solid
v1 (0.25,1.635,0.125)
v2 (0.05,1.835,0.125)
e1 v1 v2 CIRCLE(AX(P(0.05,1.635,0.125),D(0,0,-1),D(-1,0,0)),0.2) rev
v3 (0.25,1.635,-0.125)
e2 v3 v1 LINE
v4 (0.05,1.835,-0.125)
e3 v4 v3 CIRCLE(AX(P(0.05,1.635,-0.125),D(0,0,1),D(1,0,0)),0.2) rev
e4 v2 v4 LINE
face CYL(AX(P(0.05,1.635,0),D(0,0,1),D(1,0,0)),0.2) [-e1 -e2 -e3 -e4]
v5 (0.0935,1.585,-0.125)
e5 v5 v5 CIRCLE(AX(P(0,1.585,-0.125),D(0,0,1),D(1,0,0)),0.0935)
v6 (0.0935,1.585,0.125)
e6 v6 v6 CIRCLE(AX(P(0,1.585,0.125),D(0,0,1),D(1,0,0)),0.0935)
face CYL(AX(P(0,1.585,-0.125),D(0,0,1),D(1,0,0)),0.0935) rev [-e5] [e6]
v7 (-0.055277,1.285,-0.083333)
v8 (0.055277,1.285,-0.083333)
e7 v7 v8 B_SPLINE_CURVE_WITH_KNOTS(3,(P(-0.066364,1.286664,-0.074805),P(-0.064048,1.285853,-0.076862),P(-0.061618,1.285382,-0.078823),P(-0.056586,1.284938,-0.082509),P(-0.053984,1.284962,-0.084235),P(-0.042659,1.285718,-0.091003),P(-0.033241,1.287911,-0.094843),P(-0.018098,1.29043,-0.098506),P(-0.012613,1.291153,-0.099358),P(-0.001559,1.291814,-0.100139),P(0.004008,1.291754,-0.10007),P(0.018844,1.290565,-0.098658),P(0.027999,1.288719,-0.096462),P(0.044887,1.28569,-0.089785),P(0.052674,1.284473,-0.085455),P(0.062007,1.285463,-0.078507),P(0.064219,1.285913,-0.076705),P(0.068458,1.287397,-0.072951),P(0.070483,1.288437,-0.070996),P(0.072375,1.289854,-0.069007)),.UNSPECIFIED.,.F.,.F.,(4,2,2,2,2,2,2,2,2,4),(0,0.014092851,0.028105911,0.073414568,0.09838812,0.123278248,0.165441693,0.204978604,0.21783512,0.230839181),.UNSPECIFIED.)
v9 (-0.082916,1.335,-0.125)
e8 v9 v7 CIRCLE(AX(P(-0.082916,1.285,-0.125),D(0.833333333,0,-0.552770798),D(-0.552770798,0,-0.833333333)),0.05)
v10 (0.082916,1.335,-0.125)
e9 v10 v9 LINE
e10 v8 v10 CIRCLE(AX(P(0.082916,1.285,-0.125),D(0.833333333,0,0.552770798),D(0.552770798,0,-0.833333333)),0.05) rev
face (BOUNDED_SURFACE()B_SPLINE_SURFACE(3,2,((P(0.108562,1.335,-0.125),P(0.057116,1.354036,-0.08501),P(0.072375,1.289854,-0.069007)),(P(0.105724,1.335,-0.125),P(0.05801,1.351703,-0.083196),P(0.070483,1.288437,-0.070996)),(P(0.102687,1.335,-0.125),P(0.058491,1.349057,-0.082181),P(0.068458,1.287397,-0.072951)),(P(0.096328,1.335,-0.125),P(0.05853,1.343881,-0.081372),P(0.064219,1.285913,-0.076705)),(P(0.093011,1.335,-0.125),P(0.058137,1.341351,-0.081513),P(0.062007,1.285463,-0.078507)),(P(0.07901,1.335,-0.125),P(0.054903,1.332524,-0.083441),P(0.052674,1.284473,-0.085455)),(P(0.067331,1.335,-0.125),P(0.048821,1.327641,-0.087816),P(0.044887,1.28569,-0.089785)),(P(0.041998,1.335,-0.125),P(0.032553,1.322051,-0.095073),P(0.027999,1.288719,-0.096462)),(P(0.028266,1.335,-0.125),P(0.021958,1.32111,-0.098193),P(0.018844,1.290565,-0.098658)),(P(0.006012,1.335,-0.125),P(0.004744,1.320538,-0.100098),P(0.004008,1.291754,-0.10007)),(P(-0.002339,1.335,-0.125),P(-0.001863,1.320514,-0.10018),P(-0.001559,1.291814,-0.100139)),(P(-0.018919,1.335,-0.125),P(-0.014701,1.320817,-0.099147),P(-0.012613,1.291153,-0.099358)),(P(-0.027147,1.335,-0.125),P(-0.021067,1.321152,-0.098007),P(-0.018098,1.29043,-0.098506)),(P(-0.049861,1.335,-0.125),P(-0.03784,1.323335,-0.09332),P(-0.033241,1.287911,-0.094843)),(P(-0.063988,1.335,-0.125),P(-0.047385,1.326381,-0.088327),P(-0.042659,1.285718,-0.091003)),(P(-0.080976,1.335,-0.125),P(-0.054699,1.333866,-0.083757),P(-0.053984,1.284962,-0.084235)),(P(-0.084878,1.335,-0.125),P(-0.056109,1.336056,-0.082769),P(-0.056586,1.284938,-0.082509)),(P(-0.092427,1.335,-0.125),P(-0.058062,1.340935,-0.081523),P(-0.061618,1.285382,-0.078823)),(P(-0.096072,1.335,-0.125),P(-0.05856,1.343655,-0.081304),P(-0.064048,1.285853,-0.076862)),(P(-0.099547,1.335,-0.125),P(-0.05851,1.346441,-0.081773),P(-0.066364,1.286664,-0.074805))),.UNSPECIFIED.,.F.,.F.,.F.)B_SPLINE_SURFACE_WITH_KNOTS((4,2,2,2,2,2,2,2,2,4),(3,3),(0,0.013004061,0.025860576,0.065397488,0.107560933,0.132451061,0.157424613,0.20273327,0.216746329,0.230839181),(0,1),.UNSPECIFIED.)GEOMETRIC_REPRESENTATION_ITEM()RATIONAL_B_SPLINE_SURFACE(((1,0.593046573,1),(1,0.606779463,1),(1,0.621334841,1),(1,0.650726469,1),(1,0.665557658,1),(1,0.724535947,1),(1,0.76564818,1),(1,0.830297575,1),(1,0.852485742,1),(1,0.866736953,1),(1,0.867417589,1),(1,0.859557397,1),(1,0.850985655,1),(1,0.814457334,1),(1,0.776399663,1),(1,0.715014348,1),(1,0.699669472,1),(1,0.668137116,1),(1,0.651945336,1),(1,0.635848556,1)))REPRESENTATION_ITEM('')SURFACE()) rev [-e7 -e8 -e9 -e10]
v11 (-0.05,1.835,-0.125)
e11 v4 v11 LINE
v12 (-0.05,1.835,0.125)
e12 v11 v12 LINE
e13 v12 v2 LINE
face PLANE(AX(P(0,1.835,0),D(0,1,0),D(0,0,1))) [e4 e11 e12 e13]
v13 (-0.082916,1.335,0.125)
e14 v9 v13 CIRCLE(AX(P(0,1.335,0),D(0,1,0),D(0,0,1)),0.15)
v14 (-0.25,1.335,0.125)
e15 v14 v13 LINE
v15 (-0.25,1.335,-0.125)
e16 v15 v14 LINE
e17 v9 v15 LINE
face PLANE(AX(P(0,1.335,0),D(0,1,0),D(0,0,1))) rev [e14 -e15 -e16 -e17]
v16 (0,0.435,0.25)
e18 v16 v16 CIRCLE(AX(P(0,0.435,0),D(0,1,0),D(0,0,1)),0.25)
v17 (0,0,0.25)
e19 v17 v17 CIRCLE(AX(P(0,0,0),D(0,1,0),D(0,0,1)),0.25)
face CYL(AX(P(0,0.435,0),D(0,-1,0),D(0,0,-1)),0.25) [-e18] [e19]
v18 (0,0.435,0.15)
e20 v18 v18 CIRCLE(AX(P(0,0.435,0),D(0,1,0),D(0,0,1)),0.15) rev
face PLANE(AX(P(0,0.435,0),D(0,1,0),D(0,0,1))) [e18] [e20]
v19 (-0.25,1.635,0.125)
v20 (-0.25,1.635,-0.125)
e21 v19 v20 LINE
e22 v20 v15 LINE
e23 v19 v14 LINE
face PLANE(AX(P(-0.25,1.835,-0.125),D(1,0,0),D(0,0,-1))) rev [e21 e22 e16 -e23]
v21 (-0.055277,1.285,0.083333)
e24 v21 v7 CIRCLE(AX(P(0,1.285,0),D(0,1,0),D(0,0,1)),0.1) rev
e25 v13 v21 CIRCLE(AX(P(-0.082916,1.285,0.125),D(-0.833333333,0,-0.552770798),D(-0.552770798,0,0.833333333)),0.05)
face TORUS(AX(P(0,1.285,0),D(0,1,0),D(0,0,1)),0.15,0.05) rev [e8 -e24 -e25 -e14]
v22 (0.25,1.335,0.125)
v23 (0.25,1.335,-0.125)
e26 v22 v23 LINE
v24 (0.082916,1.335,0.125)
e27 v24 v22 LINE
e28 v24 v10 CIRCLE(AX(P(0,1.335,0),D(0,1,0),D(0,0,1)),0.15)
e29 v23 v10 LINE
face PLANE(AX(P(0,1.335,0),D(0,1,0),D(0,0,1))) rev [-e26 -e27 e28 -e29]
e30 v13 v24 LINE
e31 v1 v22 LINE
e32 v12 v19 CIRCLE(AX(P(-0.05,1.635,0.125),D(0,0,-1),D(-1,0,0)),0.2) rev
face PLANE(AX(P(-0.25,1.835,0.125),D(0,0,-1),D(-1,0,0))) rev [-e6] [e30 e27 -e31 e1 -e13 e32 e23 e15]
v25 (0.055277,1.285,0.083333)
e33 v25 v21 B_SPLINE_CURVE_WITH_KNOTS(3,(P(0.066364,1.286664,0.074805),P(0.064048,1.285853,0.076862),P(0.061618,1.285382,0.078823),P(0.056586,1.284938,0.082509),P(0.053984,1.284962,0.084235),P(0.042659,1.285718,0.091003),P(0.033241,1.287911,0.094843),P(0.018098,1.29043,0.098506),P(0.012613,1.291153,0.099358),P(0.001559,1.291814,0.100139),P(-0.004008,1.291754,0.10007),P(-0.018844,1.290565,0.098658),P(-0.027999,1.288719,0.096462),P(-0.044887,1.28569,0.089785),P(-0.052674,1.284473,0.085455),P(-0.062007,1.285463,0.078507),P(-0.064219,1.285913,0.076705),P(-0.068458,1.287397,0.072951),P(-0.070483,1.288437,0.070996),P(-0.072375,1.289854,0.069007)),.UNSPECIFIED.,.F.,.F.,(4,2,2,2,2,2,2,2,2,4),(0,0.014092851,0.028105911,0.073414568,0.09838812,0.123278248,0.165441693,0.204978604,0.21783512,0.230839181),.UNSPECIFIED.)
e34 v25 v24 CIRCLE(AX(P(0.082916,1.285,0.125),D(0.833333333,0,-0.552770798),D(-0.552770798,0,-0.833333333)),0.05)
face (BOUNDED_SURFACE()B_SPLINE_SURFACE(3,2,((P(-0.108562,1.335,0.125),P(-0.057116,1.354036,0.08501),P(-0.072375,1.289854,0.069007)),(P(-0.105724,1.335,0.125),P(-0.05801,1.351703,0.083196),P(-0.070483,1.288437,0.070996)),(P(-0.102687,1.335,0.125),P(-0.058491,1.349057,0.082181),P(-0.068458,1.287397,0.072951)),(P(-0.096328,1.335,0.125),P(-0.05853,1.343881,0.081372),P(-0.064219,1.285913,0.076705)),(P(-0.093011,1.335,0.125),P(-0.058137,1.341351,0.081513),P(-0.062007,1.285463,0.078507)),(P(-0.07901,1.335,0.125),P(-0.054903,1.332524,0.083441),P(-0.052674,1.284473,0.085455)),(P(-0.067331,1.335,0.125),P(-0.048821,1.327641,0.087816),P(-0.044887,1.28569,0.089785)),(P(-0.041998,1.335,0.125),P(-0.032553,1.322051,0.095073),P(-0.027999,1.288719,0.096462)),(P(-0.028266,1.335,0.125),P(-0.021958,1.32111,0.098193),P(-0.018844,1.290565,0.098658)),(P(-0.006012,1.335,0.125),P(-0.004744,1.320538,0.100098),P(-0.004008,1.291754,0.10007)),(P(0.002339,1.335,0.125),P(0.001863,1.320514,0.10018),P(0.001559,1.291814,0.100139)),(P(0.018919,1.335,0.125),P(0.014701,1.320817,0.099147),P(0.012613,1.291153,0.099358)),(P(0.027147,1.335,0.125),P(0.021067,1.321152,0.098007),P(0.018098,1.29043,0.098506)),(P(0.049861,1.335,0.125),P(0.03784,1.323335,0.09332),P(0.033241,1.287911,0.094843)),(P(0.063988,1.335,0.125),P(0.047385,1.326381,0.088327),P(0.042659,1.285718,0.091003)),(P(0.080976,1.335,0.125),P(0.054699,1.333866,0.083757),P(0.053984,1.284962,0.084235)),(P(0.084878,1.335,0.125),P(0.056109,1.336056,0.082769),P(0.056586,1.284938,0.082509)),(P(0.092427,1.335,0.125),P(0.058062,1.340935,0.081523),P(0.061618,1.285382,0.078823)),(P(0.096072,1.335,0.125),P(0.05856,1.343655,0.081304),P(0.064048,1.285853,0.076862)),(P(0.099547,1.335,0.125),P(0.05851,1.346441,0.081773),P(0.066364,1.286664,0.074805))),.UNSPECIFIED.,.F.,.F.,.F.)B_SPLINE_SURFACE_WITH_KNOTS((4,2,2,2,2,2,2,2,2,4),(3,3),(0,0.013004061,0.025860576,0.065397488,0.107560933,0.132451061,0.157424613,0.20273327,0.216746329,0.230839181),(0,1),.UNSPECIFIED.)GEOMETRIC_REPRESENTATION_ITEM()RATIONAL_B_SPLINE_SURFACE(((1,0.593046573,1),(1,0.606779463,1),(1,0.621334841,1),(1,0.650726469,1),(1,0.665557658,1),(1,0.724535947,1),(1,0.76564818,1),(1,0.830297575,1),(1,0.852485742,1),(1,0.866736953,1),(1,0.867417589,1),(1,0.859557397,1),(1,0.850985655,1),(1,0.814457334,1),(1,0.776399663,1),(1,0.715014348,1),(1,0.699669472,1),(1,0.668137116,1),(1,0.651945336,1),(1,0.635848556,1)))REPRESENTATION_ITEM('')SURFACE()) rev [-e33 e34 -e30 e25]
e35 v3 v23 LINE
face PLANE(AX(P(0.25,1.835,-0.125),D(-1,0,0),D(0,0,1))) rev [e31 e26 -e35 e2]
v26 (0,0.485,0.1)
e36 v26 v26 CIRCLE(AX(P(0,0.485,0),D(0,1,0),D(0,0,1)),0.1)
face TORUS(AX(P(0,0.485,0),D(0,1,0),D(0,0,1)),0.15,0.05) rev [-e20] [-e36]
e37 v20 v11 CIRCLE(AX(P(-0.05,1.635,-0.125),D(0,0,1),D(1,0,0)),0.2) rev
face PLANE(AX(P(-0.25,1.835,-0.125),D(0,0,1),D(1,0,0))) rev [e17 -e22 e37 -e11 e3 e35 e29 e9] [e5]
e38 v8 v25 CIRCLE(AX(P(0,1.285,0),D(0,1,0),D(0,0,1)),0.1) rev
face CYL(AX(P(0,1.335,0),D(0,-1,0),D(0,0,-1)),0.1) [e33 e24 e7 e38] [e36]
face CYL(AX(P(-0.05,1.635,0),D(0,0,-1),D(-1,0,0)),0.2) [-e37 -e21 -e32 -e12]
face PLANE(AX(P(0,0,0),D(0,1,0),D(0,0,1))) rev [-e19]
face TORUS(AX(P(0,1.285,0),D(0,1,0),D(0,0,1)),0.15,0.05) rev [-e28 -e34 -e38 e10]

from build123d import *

# Parameters (mm, degrees)
SKETCH1_R           = 0.25
BOSS_EXTRUDE1_DEPTH = 0.435
SKETCH2_R           = 0.1
BOSS_EXTRUDE2_DEPTH = 0.9
SKETCH3_W           = 0.5
SKETCH3_H           = 0.25
BOSS_EXTRUDE3_DEPTH = 0.5
FILLET1_R           = 0.2
FILLET2_R           = 0.2
SKETCH5_R           = 0.0935
CUT_EXTRUDE1_DEPTH  = 0.25
FILLET3_R           = 0.05
FILLET4_R           = 0.05


with BuildPart() as part:
    # Sketch1 → Boss-Extrude1 (new body)
    with BuildSketch(Plane(origin=(0, 0, 0), x_dir=(1, 0, 0), z_dir=(0, 1, 0))):
        with Locations(Location((0, 0, 0), (0, 0, 270))):
            Circle(SKETCH1_R)
    extrude(amount=BOSS_EXTRUDE1_DEPTH)

    # Sketch2 → Boss-Extrude2 (add)
    with BuildSketch(Plane(origin=(0, 0.435, 0), x_dir=(1, 0, 0), z_dir=(0, 1, 0))):
        with Locations(Location((0, 0, 0), (0, 0, 270))):
            Circle(SKETCH2_R)
    extrude(amount=BOSS_EXTRUDE2_DEPTH)

    # Sketch3 → Boss-Extrude3 (add)
    with BuildSketch(Plane(origin=(0, 1.335, 0), x_dir=(1, 0, 0), z_dir=(0, 1, 0))):
        Rectangle(SKETCH3_W, SKETCH3_H)
    extrude(amount=BOSS_EXTRUDE3_DEPTH)

    # Fillet1
    fillet1_edges = [part.edges().sort_by_distance(p)[0] for p in [
        (0.25, 1.835, 0),
    ]]
    fillet(fillet1_edges, radius=FILLET1_R)

    # Fillet2
    fillet2_edges = [part.edges().sort_by_distance(p)[0] for p in [
        (-0.25, 1.835, 0),
    ]]
    fillet(fillet2_edges, radius=FILLET2_R)

    # Sketch5 → Cut-Extrude1 (cut)
    with BuildSketch(Plane.XY.offset(0.125)):
        with Locations((0, 1.585)):
            Circle(SKETCH5_R)
    extrude(amount=-CUT_EXTRUDE1_DEPTH, mode=Mode.SUBTRACT)

    # Fillet3
    fillet3_edges = [part.edges().sort_by_distance(p)[0] for p in [
        (0, 1.335, -0.1),
    ]]
    fillet(fillet3_edges, radius=FILLET3_R)

    # Fillet4
    fillet4_edges = [part.edges().sort_by_distance(p)[0] for p in [
        (0, 0.435, -0.1),
    ]]
    fillet(fillet4_edges, radius=FILLET4_R)


solid = part.part
